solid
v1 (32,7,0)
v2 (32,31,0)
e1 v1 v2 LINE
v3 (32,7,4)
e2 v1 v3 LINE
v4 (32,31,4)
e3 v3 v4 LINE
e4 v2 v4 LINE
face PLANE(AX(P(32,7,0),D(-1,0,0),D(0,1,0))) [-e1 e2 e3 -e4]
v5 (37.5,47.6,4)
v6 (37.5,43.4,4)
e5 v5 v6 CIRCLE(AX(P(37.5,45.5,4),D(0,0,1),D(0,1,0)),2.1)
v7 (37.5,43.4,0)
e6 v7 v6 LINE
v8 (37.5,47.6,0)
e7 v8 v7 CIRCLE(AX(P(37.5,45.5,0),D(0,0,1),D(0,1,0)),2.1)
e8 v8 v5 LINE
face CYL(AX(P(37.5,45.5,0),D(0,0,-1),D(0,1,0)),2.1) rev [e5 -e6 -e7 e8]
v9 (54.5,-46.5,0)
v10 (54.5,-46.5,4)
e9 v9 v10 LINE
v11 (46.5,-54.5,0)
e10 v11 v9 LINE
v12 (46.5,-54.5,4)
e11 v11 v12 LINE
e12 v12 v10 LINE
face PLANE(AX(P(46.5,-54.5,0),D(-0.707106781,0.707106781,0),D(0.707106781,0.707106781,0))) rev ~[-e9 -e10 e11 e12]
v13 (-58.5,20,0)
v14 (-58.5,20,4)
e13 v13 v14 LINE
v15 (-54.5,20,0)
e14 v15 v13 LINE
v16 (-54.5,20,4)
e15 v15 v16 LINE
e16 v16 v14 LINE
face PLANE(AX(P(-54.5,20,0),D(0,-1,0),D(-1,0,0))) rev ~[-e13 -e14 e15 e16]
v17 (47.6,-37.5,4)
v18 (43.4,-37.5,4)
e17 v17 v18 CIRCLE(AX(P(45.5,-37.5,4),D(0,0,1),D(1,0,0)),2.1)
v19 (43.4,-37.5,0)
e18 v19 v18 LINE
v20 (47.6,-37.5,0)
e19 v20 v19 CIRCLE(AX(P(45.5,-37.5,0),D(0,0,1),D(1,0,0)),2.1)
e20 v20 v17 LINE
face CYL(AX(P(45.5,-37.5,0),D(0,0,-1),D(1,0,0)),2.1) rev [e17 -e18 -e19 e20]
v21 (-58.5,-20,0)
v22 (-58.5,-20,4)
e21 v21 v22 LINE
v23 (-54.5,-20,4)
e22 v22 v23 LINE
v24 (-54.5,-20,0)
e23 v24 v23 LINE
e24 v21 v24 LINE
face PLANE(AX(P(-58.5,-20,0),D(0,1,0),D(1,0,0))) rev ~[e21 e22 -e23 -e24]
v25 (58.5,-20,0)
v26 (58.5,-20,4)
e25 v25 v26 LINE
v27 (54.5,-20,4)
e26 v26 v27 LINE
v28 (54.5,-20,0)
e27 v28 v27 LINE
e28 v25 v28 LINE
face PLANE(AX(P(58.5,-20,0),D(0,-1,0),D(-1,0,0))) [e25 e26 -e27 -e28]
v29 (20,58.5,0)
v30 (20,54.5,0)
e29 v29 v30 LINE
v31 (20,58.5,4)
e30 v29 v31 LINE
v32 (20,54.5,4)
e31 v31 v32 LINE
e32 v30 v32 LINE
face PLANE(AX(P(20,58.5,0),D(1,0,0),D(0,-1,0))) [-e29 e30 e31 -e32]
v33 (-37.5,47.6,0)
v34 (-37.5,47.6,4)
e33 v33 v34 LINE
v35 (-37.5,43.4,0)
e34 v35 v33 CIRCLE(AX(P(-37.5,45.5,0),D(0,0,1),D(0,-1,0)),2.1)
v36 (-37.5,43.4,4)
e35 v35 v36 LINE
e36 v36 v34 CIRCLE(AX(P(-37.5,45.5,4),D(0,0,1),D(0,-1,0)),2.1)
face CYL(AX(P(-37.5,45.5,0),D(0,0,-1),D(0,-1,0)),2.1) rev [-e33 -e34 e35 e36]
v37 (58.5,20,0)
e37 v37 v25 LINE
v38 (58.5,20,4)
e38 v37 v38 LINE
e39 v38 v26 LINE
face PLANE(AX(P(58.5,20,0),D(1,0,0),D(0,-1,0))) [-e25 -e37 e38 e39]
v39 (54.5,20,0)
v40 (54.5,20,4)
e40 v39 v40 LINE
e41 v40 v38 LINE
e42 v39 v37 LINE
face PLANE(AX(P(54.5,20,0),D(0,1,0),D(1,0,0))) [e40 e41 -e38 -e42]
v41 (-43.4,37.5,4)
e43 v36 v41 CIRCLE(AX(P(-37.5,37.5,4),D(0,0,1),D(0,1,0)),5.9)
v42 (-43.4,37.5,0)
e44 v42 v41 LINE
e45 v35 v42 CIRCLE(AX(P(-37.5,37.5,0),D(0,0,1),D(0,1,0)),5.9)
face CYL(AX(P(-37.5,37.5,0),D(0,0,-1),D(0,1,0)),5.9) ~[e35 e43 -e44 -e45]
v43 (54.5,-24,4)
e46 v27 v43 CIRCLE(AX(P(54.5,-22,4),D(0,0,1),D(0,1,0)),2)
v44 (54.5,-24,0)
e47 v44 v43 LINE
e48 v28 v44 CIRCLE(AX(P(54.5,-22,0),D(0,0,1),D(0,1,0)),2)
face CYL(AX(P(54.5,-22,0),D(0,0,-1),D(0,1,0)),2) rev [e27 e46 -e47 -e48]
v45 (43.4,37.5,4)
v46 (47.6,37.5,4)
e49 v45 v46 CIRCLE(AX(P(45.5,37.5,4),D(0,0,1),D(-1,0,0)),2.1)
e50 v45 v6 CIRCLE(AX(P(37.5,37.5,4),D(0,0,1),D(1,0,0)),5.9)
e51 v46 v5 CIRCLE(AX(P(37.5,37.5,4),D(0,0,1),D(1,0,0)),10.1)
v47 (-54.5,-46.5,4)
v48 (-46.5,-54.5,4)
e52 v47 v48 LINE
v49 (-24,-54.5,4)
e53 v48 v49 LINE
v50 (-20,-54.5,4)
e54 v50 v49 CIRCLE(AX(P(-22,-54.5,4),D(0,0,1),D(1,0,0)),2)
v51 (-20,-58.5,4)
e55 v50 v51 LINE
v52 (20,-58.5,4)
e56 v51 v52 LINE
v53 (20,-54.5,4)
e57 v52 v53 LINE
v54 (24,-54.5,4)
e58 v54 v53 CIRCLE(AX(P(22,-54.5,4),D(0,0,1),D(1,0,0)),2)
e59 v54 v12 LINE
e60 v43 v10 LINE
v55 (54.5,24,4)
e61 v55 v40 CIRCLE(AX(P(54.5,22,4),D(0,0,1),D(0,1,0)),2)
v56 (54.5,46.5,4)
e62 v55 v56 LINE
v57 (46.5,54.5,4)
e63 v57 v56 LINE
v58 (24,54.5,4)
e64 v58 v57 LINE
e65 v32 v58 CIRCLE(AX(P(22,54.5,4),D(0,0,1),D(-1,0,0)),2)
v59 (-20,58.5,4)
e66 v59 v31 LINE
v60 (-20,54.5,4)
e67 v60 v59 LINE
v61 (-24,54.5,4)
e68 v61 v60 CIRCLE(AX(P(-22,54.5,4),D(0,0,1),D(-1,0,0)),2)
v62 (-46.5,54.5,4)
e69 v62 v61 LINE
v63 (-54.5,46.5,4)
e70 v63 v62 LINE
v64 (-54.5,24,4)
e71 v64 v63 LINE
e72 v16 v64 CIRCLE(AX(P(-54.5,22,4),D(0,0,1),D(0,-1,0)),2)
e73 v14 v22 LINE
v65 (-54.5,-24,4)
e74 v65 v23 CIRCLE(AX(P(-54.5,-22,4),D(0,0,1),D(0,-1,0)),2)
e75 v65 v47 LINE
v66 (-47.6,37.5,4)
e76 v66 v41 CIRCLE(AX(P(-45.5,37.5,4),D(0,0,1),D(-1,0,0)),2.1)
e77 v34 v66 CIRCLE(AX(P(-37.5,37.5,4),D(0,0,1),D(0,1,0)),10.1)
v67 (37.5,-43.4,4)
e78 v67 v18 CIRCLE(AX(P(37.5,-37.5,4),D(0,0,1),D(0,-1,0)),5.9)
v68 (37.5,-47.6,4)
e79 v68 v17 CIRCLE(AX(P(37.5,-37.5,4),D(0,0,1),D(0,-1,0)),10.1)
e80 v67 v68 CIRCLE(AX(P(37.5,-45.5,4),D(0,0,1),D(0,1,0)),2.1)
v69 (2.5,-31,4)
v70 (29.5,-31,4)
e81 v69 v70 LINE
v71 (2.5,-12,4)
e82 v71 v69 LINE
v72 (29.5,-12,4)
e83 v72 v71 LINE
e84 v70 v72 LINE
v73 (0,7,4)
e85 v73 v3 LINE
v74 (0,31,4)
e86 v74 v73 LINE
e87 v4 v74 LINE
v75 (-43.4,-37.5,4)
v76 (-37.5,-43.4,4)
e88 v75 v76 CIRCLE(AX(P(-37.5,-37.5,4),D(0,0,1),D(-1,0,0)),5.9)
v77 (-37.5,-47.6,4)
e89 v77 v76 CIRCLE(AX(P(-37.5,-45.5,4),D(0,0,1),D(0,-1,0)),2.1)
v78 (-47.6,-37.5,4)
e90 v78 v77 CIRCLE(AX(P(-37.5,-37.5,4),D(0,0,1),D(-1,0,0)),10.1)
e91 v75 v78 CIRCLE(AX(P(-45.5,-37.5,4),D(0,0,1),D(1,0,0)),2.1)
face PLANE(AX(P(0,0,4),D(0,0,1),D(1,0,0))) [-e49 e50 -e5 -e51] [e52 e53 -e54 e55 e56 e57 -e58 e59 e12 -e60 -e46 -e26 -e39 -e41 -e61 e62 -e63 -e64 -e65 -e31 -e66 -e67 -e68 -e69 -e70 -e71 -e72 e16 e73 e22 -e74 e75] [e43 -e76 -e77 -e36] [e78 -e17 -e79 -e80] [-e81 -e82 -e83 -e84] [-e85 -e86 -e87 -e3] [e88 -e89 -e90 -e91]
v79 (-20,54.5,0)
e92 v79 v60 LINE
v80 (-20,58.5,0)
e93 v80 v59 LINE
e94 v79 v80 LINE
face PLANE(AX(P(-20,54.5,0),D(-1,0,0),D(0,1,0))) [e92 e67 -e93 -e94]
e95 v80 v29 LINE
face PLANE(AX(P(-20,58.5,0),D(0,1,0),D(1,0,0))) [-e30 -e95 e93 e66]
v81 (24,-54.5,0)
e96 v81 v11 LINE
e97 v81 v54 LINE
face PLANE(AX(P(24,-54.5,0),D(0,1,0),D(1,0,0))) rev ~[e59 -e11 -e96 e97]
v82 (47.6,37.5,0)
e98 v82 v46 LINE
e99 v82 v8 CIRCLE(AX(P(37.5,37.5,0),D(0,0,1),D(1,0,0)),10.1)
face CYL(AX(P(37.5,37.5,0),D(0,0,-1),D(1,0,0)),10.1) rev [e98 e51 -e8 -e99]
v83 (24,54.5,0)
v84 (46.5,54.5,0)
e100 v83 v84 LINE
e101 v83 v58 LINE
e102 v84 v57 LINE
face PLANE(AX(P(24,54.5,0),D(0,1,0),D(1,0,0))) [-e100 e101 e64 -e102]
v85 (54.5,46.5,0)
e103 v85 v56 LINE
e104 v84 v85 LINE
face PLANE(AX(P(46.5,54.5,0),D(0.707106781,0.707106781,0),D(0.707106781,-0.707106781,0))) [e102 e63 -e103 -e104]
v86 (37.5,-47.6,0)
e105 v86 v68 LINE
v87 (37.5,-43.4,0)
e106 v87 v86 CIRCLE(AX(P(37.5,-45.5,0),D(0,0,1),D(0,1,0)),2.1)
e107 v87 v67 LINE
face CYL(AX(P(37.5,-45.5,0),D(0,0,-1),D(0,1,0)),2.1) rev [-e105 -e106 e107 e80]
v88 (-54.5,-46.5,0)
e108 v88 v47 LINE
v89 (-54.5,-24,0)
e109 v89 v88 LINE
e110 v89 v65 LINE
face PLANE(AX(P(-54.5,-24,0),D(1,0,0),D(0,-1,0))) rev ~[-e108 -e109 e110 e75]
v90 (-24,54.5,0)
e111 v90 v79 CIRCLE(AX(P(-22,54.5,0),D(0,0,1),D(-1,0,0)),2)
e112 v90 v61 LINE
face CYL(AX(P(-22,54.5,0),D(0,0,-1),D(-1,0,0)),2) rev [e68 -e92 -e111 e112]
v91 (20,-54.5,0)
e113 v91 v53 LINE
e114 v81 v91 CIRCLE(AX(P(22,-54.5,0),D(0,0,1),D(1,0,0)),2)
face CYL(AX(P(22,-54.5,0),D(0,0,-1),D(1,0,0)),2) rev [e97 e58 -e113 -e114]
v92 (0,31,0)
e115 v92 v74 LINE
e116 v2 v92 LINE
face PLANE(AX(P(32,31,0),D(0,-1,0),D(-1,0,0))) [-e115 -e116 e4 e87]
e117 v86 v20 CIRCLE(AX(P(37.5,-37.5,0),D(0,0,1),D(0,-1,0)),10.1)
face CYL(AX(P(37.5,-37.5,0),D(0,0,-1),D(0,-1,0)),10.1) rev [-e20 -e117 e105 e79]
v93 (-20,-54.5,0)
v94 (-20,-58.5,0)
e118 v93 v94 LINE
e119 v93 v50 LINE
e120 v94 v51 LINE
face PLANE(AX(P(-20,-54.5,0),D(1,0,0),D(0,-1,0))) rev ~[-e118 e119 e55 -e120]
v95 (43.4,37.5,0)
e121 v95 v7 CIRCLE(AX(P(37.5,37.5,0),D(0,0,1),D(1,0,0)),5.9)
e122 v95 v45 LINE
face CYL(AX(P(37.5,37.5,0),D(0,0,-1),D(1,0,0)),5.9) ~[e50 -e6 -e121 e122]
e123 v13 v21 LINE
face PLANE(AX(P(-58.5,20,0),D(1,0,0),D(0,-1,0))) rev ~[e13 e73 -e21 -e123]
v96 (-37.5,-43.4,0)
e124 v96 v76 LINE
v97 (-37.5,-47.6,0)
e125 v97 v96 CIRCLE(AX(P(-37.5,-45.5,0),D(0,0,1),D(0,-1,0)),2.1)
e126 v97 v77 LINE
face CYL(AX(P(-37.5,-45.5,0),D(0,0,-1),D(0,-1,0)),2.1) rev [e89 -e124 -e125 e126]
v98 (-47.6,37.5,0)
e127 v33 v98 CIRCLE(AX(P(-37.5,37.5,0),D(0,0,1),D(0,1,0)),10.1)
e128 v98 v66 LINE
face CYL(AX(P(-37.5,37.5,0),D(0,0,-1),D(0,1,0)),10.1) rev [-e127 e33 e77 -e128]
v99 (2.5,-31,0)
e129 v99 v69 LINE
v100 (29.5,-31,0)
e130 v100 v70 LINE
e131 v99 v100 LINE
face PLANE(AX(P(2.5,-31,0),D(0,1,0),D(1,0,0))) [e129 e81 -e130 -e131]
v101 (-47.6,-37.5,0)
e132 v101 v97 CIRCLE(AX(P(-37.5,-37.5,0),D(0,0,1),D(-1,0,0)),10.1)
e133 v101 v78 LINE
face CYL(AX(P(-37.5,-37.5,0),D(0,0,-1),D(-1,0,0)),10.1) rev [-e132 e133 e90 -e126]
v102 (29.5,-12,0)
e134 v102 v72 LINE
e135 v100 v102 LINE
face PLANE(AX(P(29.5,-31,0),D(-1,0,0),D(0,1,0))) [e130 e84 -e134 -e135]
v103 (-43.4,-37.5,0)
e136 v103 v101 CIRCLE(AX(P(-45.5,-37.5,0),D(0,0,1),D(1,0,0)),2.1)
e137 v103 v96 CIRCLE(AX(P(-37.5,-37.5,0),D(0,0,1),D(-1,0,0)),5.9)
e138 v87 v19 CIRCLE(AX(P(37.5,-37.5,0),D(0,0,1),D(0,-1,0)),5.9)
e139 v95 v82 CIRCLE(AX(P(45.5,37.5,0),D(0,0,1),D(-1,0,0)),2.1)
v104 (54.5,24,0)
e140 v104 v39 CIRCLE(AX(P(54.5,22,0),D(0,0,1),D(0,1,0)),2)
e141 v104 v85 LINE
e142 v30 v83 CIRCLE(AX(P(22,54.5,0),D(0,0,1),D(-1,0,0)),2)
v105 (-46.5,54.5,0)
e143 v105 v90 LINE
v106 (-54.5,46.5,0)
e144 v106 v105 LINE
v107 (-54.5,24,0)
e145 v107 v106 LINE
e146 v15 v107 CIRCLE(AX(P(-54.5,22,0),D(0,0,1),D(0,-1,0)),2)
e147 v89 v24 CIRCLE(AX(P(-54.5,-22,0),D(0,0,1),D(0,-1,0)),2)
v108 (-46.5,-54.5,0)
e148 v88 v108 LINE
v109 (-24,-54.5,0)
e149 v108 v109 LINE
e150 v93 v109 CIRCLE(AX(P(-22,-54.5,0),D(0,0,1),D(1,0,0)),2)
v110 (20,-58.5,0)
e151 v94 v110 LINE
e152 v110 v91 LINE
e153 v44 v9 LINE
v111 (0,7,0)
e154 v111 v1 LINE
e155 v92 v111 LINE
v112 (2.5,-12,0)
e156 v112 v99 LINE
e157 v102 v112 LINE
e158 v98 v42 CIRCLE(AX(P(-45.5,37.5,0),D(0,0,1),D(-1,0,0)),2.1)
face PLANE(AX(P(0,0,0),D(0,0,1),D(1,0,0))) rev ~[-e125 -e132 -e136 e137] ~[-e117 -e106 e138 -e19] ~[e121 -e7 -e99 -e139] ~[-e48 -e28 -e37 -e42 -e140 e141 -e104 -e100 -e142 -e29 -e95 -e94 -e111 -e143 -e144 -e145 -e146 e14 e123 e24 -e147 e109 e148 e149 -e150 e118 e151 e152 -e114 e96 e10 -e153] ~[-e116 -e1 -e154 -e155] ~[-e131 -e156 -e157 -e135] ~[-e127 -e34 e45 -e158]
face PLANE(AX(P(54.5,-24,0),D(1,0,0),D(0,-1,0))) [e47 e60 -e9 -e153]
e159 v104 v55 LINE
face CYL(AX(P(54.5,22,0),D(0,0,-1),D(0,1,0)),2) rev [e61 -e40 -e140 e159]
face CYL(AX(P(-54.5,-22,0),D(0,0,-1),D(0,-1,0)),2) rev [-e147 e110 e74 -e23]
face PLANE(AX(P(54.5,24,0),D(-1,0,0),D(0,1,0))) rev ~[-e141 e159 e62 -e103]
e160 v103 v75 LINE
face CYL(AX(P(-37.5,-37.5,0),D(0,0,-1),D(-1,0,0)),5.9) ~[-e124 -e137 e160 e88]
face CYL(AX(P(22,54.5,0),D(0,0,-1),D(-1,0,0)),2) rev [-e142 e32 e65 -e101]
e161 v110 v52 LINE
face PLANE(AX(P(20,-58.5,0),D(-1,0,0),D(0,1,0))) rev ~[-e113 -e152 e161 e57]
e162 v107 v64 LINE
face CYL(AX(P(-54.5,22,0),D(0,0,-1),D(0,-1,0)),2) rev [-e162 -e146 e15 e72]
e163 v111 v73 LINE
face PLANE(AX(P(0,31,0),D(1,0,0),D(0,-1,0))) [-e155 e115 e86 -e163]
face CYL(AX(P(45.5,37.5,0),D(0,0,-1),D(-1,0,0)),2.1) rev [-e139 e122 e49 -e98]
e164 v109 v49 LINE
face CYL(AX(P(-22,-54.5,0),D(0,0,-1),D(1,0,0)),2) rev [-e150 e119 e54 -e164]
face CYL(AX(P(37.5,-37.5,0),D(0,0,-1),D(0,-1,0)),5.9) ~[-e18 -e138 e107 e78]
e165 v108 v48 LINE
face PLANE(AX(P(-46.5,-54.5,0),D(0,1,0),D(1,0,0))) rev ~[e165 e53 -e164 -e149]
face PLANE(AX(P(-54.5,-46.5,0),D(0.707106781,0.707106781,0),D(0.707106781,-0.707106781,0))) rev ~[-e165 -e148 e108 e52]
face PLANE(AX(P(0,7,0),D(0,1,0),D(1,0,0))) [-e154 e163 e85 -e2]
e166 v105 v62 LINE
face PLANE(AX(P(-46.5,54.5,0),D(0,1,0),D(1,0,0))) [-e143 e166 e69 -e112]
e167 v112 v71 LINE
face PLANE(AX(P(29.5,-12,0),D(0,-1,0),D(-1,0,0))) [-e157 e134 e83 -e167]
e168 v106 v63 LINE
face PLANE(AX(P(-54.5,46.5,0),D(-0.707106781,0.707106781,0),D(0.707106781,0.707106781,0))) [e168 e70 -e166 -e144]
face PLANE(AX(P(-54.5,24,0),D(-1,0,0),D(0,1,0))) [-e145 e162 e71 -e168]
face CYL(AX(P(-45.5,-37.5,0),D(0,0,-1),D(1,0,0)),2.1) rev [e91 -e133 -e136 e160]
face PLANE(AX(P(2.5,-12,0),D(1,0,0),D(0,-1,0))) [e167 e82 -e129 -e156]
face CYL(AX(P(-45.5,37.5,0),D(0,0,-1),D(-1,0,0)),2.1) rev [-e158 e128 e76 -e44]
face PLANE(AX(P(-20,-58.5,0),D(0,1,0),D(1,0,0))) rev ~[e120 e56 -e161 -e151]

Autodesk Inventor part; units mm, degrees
ref_plane "YZ Plane" through (0, 0, 0) normal (1, 0, 0) x (0, 1, 0)
ref_plane "XZ Plane" through (0, 0, 0) normal (0, 1, 0) x (-1, 0, 0)
ref_plane "XY Plane" through (0, 0, 0) normal (0, 0, 1) x (1, 0, 0)
sketch "Boceto1" plane through (0, 0, 0) normal (0, 0, 1) x (1, 0, 0)
  line L0 (-58.5, 20) -> (-58.5, -20)
  line L1 (-58.5, -20) -> (-54.5, -20)
  arc A0 (-54.5, -24) -> (-54.5, -20) centre (-54.5, -22) ccw
  line L2 (-54.5, -24) -> (-54.5, -46.5)
  line L3 (-54.5, -46.5) -> (-46.5, -54.5)
  line L4 (-46.5, -54.5) -> (-24, -54.5)
  arc A1 (-20, -54.5) -> (-24, -54.5) centre (-22, -54.5) ccw
  line L5 (-20, -54.5) -> (-20, -58.5)
  line L6 (-20, -58.5) -> (20, -58.5)
  line L7 (20, -58.5) -> (20, -54.5)
  arc A2 (24, -54.5) -> (20, -54.5) centre (22, -54.5) ccw
  line L8 (24, -54.5) -> (46.5, -54.5)
  line L9 (46.5, -54.5) -> (54.5, -46.5)
  line L10 (27.1297, 0) -> (-27.1297, 0) construction
  line L11 (0, -24.7936) -> (0, 24.7936) construction
  arc A3 (-54.5, 20) -> (-54.5, 24) centre (-54.5, 22) ccw
  line L12 (-54.5, 24) -> (-54.5, 46.5)
  line L13 (-54.5, 46.5) -> (-46.5, 54.5)
  line L14 (-46.5, 54.5) -> (-24, 54.5)
  arc A4 (-24, 54.5) -> (-20, 54.5) centre (-22, 54.5) ccw
  line L15 (-20, 54.5) -> (-20, 58.5)
  line L16 (-20, 58.5) -> (20, 58.5)
  line L17 (20, 58.5) -> (20, 54.5)
  arc A5 (20, 54.5) -> (24, 54.5) centre (22, 54.5) ccw
  line L18 (24, 54.5) -> (46.5, 54.5)
  line L19 (46.5, 54.5) -> (54.5, 46.5)
  line L20 (-54.5, 20) -> (-58.5, 20)
  line L21 (58.5, 20) -> (58.5, -20)
  line L22 (58.5, -20) -> (54.5, -20)
  arc A6 (54.5, -20) -> (54.5, -24) centre (54.5, -22) ccw
  line L23 (54.5, -24) -> (54.5, -46.5)
  line L24 (54.5, 24) -> (54.5, 46.5)
  arc A7 (54.5, 24) -> (54.5, 20) centre (54.5, 22) ccw
  line L25 (54.5, 20) -> (58.5, 20)
  line L26 (32, 7) -> (32, 31)
  line L27 (32, 31) -> (0, 31)
  line L28 (0, 31) -> (0, 7)
  line L29 (0, 7) -> (32, 7)
  line L30 (-19.5, 34.5) -> (-19.5, 3.5) construction
  line L31 (-19.5, 3.5) -> (51.5, 3.5) construction
  line L32 (51.5, 3.5) -> (51.5, 34.5) construction
  line L33 (51.5, 34.5) -> (-19.5, 34.5) construction
  line L34 (29.5, -12) -> (2.5, -12)
  line L35 (2.5, -12) -> (2.5, -31)
  line L36 (2.5, -31) -> (29.5, -31)
  line L37 (29.5, -31) -> (29.5, -12)
  arc A8 (37.5, -45.5) -> (45.5, -37.5) centre (37.5, -37.5) ccw construction
  arc A9 (37.5, -47.6) -> (47.6, -37.5) centre (37.5, -37.5) ccw
  arc A10 (37.5, -43.4) -> (43.4, -37.5) centre (37.5, -37.5) ccw
  arc A11 (37.5, -43.4) -> (37.5, -47.6) centre (37.5, -45.5) ccw
  arc A12 (47.6, -37.5) -> (43.4, -37.5) centre (45.5, -37.5) ccw
  arc A13 (47.6, 37.5) -> (37.5, 47.6) centre (37.5, 37.5) ccw
  arc A14 (43.4, 37.5) -> (37.5, 43.4) centre (37.5, 37.5) ccw
  arc A15 (37.5, 47.6) -> (37.5, 43.4) centre (37.5, 45.5) ccw
  arc A16 (43.4, 37.5) -> (47.6, 37.5) centre (45.5, 37.5) ccw
  arc A17 (-47.6, -37.5) -> (-37.5, -47.6) centre (-37.5, -37.5) ccw
  arc A18 (-43.4, -37.5) -> (-37.5, -43.4) centre (-37.5, -37.5) ccw
  arc A19 (-37.5, -47.6) -> (-37.5, -43.4) centre (-37.5, -45.5) ccw
  arc A20 (-43.4, -37.5) -> (-47.6, -37.5) centre (-45.5, -37.5) ccw
  arc A21 (-37.5, 43.4) -> (-43.4, 37.5) centre (-37.5, 37.5) ccw
  arc A22 (-47.6, 37.5) -> (-43.4, 37.5) centre (-45.5, 37.5) ccw
  arc A23 (-37.5, 47.6) -> (-47.6, 37.5) centre (-37.5, 37.5) ccw
  arc A24 (-37.5, 43.4) -> (-37.5, 47.6) centre (-37.5, 45.5) ccw
  point P0 (0, 0)
  point P1 (0, 0)
  point P2 (-58.5, 0)
  point P3 (0, 58.5)
  point P4 (16, 34.5)
  point P5 (16, 31)
  point P6 (51.5, 19)
  point P7 (32, 19)
  point P8 (16, -12)
  point P9 (16, 7)
  dimension "d0" = 40
  dimension "d1" = 4
  dimension "d2" = 2
  dimension "d3" = 109
  dimension "d4" = 117
  dimension "d5" = 4
  dimension "d6" = 8
  dimension "d10" = 24
  dimension "d11" = 32
  dimension "d12" = 31
  dimension "d13" = 71
  dimension "d14" = 3
  dimension "d15" = 20
  dimension "d16" = 19
  dimension "d17" = 27
  dimension "d19" = 24
  dimension "d22" = 2.1
  dimension "d23" = 8
  dimension "d24" = 75
  dimension "d25" = 75
  dimension "d26" = 109
extrude "Extrusión1" add sketch "Boceto1" along normal blind 4
equation "\"d5\" = d1"
equation "\"d25\" = d24"
properties part number "Tapa Enchufes b"
